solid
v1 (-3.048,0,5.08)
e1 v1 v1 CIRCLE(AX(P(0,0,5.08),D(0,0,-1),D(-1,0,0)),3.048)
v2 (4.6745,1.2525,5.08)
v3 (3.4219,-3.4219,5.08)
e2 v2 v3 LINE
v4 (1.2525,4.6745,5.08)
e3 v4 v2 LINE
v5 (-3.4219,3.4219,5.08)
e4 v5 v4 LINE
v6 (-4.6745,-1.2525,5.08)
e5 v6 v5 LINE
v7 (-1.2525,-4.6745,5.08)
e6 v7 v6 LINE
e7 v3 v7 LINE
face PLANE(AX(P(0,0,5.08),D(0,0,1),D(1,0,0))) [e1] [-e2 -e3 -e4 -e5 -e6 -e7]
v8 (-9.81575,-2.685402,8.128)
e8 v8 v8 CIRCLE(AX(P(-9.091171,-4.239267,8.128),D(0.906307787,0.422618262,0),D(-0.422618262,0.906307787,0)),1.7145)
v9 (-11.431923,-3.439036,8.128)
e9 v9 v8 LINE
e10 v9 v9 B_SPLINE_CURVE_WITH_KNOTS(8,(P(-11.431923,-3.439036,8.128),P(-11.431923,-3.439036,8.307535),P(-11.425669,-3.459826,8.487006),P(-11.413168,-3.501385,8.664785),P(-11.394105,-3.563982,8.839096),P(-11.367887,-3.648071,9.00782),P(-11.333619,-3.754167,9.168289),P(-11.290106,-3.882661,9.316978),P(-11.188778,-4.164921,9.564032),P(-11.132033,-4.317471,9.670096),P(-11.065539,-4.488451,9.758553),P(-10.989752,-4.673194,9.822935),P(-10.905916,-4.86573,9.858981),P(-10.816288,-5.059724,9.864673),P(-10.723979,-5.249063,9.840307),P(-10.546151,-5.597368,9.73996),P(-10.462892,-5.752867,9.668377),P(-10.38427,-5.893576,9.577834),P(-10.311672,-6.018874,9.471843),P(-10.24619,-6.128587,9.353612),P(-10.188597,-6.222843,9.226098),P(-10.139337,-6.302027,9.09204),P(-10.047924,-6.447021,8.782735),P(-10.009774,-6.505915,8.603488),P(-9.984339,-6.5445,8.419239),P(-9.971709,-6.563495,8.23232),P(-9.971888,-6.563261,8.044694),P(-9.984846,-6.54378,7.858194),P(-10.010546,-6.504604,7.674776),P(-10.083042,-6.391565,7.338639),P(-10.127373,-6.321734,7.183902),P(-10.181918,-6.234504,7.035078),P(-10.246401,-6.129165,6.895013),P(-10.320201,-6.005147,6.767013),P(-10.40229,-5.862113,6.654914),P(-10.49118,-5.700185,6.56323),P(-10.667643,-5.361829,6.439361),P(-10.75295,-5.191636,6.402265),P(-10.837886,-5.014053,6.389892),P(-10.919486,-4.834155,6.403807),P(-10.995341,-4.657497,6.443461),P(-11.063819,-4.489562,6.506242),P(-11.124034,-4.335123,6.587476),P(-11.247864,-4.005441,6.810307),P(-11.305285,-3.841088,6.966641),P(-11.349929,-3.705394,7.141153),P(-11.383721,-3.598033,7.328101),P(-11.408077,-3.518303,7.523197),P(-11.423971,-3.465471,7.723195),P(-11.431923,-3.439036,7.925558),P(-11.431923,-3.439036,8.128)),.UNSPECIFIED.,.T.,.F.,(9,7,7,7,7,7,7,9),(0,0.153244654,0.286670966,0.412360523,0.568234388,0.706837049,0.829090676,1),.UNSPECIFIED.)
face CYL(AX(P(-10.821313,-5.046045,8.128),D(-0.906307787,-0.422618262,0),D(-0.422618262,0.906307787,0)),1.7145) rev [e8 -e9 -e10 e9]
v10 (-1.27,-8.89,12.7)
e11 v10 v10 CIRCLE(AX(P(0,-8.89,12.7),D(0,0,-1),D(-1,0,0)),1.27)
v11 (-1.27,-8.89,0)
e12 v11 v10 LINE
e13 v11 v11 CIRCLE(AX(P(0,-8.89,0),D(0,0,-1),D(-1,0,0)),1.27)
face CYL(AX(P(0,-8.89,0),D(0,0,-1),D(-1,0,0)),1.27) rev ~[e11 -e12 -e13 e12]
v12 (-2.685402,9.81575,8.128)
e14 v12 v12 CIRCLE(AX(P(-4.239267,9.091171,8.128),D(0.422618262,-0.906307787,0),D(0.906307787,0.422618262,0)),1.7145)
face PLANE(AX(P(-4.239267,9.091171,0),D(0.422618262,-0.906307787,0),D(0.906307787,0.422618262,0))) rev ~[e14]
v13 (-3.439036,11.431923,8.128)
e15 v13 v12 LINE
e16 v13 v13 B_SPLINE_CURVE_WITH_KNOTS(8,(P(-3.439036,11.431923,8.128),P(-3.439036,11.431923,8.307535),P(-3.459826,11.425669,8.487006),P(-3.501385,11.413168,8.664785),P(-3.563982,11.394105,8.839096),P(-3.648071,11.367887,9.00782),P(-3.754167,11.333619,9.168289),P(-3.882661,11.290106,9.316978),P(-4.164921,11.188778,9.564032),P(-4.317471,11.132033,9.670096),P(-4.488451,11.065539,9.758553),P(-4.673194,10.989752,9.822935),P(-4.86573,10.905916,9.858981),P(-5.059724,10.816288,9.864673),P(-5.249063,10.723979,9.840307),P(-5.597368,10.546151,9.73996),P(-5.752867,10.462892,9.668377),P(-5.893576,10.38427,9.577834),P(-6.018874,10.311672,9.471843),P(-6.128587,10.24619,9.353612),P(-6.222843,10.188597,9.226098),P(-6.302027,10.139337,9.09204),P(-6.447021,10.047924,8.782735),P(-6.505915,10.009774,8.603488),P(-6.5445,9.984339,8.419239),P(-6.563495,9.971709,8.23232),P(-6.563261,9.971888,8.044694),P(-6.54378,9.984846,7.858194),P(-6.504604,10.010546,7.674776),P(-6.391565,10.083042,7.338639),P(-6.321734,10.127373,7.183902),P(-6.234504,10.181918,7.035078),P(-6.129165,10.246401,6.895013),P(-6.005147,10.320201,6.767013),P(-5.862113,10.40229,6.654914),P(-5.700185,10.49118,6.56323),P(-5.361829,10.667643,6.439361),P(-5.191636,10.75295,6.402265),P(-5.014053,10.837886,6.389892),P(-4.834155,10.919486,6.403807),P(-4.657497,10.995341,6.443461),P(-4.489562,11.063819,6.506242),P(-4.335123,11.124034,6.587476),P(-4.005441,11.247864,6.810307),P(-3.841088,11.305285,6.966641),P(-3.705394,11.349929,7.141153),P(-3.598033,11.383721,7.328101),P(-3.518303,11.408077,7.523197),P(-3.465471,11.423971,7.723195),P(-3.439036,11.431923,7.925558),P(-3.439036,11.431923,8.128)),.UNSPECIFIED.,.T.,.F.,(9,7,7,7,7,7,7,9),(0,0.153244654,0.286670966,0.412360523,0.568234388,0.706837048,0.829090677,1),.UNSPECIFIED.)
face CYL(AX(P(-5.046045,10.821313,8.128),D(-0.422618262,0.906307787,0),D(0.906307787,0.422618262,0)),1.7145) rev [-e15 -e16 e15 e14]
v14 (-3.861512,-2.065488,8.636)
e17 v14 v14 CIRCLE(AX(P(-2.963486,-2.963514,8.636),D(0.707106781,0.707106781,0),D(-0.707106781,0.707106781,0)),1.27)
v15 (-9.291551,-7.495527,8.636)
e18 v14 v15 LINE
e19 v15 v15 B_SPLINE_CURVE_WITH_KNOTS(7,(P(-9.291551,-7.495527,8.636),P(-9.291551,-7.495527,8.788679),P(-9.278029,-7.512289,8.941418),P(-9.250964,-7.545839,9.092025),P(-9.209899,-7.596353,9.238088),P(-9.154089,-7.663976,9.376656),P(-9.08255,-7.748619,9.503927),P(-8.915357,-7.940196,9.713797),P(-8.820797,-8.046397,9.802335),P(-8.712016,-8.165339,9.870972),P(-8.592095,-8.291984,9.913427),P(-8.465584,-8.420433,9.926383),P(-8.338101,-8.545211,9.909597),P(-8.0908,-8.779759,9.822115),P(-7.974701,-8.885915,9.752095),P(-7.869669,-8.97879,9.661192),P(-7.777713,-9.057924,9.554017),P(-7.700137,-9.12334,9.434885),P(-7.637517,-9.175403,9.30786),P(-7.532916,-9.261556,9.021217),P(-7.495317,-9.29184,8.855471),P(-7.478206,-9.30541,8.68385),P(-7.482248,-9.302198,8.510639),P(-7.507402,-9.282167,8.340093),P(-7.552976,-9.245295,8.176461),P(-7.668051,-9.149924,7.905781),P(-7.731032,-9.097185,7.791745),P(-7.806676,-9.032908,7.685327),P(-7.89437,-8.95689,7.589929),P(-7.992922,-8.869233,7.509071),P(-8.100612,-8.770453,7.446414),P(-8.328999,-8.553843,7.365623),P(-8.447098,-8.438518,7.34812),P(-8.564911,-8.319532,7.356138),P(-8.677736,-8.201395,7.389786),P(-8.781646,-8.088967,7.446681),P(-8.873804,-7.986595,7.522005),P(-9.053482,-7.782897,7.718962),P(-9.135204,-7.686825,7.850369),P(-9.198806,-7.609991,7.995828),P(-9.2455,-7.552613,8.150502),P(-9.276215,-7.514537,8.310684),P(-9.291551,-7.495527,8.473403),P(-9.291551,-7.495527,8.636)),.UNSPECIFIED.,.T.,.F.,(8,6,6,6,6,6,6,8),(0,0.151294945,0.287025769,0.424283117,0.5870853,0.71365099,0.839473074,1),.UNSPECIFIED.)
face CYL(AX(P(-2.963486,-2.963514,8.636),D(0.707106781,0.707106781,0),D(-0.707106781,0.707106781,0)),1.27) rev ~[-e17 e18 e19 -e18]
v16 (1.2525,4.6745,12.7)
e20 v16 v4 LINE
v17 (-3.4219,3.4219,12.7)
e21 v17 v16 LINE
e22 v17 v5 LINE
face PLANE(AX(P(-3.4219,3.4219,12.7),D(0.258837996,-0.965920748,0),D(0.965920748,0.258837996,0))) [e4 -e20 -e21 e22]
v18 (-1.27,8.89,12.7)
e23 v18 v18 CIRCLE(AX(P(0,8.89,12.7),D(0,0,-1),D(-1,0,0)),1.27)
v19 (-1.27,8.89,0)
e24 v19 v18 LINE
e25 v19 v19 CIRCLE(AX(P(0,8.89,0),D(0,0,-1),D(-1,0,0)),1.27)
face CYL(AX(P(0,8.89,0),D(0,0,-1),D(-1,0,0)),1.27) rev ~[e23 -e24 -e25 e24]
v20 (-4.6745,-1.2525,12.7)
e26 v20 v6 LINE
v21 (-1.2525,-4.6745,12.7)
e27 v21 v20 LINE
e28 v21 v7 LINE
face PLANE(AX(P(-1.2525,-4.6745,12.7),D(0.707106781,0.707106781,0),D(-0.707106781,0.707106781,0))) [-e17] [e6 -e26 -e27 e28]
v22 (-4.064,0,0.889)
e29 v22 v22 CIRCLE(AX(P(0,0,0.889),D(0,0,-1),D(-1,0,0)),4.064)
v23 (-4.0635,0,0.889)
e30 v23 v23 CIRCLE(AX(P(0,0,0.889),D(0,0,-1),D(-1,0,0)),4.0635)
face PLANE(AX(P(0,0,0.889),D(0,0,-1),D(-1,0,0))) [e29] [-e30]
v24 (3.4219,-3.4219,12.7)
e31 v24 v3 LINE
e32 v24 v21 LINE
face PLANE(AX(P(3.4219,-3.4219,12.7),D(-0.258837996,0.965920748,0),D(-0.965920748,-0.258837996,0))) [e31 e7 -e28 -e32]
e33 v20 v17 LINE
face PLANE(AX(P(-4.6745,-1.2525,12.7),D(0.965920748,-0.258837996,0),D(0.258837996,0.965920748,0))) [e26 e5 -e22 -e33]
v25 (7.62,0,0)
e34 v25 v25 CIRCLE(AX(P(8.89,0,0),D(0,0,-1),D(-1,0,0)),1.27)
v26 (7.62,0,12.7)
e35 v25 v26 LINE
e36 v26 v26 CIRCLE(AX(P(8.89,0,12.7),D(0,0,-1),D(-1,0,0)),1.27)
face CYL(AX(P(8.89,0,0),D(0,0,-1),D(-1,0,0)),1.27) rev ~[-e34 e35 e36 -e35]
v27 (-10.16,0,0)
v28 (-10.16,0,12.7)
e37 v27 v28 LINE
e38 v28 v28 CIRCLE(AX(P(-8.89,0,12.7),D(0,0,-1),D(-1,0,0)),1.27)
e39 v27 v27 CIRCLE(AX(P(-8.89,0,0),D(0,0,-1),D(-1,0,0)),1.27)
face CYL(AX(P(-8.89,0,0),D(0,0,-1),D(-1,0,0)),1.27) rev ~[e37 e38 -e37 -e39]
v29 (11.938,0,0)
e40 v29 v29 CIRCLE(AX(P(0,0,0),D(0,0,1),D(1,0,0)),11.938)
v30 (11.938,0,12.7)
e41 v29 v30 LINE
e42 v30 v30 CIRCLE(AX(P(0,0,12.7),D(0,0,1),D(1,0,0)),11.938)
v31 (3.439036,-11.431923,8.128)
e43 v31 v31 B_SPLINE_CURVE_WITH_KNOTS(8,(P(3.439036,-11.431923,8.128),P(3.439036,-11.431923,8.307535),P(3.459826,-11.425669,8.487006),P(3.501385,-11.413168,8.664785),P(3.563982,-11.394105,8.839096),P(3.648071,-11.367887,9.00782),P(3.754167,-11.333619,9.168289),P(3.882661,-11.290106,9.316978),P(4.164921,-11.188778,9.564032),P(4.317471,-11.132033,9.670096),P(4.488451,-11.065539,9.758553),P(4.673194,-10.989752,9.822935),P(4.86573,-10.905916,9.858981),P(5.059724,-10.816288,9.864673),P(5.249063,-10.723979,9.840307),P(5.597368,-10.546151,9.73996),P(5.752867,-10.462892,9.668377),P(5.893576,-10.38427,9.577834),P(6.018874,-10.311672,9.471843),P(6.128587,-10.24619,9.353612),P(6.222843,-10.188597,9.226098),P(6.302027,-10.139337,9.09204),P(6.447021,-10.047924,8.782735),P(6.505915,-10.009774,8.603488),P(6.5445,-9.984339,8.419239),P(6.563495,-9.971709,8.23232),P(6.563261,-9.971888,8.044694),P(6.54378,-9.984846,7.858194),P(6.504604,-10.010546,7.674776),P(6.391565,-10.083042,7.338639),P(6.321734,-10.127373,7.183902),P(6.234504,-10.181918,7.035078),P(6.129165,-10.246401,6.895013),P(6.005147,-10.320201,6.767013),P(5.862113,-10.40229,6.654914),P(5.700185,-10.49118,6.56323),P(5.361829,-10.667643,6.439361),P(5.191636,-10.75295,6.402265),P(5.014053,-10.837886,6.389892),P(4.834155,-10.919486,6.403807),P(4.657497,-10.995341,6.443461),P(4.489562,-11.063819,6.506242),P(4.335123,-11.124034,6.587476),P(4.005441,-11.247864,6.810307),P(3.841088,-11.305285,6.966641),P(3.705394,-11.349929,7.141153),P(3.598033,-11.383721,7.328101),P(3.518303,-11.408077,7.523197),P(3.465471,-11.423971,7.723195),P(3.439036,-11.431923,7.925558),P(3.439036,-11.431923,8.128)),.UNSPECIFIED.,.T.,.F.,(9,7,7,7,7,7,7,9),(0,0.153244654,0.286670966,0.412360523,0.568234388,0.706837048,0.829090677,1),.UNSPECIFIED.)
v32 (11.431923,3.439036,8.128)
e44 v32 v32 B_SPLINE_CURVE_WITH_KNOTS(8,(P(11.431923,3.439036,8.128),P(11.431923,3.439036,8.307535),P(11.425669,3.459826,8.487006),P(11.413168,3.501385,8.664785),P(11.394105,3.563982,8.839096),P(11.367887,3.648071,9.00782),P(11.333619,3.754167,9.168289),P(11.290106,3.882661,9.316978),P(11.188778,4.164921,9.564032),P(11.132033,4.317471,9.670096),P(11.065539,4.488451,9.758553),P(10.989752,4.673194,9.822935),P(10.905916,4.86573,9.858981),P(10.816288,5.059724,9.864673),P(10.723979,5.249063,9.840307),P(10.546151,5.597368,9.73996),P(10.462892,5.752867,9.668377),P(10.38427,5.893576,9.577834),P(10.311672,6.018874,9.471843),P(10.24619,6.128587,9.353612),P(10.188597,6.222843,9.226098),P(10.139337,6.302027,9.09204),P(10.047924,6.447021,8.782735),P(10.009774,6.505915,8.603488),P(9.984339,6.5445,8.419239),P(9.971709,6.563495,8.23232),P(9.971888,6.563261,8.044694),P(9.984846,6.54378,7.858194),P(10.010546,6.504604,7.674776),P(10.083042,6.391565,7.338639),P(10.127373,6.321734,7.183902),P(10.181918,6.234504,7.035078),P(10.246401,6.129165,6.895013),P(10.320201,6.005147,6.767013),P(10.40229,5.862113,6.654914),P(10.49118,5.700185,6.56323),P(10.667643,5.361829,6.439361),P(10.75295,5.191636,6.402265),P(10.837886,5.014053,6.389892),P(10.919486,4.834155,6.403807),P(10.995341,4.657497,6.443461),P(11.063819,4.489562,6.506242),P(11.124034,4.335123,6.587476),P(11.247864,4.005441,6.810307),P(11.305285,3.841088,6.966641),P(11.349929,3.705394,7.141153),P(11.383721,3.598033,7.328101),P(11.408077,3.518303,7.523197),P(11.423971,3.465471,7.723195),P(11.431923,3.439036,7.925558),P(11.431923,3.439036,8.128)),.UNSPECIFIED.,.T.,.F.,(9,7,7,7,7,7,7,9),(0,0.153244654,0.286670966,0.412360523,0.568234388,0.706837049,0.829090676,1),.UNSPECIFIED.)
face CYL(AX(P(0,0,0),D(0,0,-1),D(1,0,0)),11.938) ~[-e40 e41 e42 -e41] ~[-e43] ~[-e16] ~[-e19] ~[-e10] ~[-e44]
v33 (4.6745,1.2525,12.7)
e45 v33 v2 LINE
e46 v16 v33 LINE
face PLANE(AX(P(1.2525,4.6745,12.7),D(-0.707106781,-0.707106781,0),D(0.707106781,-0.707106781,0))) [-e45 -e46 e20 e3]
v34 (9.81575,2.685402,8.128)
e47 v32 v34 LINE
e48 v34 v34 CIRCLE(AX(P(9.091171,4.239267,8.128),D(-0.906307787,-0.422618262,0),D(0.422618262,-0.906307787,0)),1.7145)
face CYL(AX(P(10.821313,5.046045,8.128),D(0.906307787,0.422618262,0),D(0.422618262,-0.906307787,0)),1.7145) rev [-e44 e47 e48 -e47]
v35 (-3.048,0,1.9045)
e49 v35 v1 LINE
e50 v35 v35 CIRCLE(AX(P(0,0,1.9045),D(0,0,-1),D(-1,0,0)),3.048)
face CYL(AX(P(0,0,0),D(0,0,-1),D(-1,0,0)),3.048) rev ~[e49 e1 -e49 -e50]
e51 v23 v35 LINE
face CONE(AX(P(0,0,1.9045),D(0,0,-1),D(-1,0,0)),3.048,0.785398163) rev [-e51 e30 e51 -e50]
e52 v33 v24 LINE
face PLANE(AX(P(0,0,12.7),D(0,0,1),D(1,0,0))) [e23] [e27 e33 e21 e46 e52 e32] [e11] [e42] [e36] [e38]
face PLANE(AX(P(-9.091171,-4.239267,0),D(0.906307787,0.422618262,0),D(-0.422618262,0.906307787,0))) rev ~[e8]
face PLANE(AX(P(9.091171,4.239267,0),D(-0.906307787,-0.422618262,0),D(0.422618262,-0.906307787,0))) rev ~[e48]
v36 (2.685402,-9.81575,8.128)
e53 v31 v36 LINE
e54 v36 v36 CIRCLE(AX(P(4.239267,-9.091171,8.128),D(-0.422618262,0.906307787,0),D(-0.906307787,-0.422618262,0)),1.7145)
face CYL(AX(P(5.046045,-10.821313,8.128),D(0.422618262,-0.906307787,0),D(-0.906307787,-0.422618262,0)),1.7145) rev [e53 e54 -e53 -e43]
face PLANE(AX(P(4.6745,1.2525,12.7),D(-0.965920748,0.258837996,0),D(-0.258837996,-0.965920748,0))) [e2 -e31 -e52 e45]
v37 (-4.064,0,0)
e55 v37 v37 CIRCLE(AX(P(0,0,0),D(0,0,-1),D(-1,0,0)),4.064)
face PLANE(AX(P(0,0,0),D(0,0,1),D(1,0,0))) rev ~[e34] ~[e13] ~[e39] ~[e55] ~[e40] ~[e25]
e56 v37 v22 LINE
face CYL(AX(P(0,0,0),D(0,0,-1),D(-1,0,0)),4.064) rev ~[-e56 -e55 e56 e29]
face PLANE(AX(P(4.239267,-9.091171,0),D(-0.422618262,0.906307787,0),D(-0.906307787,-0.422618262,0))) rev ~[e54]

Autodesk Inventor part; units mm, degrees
ref_plane "XZ Plane" through (0, 0, 0) normal (0, 1, 0) x (-1, 0, 0)
ref_plane "XY Plane" through (0, 0, 0) normal (0, 0, 1) x (1, 0, 0)
sketch "Sketch1" plane through (0, 0, 0) normal (0, 0, 1) x (1, 0, 0)
  circle A0 centre (0, 0) radius 11.938
  dimension "d0" = 23.876
extrude "Extrusion1" add sketch "Sketch1" along normal blind 12.7
sketch "Sketch3" plane through (0, 0, 0) normal (0, 0, -1) x (-1, 0, 0)
  circle A0 centre (8.89, 0) radius 1.27
  circle A1 centre (0, 8.89) radius 1.27
  circle A2 centre (-8.89, 0) radius 1.27
  circle A3 centre (0, -8.89) radius 1.27
  point P0 (0, 0)
  dimension "d3" = 2.54
  dimension "d4" = 8.89
  dimension "d7" = 360
extrude "Extrusion2" cut sketch "Sketch3" against normal through all
sketch "Sketch4" plane through (0, 0, 12.7) normal (0, 0, 1) x (1, 0, 0)
  line L0 (4.6745, 1.2525) -> (3.4219, -3.4219)
  line L1 (3.4219, -3.4219) -> (-1.2525, -4.6745)
  line L2 (-1.2525, -4.6745) -> (-4.6745, -1.2525)
  line L3 (-4.6745, -1.2525) -> (-3.4219, 3.4219)
  line L4 (-3.4219, 3.4219) -> (1.2525, 4.6745)
  line L5 (1.2525, 4.6745) -> (4.6745, 1.2525)
  circle A0 centre (8.89, 0) radius 1.27 projected
  circle A1 centre (-8.89, 0) radius 1.27 projected
  circle A2 centre (0, 8.89) radius 1.27 projected
  circle A3 centre (0, -8.89) radius 1.27 projected
  circle A4 centre (0, 0) radius 11.938 projected
  line L6 (-2.9635, -2.9635) -> (-8.4414, -8.4414) construction
  circle A5 centre (0, 0) radius 11.938 construction
  line L7 (-8.89, 0) -> (-8.4414, -8.4414) construction
  line L8 (0, -8.89) -> (-8.4414, -8.4414) construction
  dimension "d11" = 8.382
extrude "Extrusion3" cut sketch "Sketch4" against normal blind 7.62 contours L0 L1 L2 L3 L4 L5
sketch "Sketch5" plane through (0, 0, 0) normal (0, 0, -1) x (-1, 0, 0)
  circle A0 centre (0, 0) radius 3.048
  dimension "d14" = 6.096
extrude "Extrusion4" cut sketch "Sketch5" against normal through all
sketch "Sketch7" plane through (-1.2525, -4.6745, 5.08) normal (0.7071, 0.7071, 0) x (-0.7071, 0.7071, 0)
  circle A0 centre (2.4197, 3.556) radius 1.27
  line L0 (14.3577, 7.62) -> (-9.5183, 7.62) projected
  line L1 (13.5978, 7.62) -> (13.5978, -5.08) construction
  line L2 (13.5978, -5.08) -> (-8.7585, -5.08) construction
  line L3 (-8.7585, -5.08) -> (-8.7585, 7.62) construction
  line L4 (-8.7585, 7.62) -> (0, 7.62) construction
  line L5 (0, 7.62) -> (4.8393, 7.62) construction
  line L6 (4.8393, 7.62) -> (13.5978, 7.62) construction
  line L7 (0, 7.62) -> (0, 0) construction
  line L8 (0, 0) -> (4.8393, 0) construction
  line L9 (4.8393, 0) -> (4.8393, 7.62) construction
  line L10 (13.5978, 7.62) -> (2.4197, 3.556) construction
  line L11 (2.4197, 3.556) -> (-8.7585, 7.62) construction
  point P0 (2.4197, -5.08)
  dimension "d22" = 4.064
  dimension "d39" = 2.54
extrude "Extrusion6" cut sketch "Sketch7" against normal through all
sketch "Sketch8" plane through (0, 0, 0) normal (0, 0, -1) x (-1, 0, 0)
  circle A0 centre (0, 0) radius 4.064
  dimension "d25" = 8.128
extrude "Extrusion7" cut sketch "Sketch8" against normal blind 0.889
chamfer "Chamfer1" distance 1.016 angle 45 1 edges at (3.048, 0, 0.889)
ref_plane "Work Plane2" through (-10.8195, -5.0452, 0) normal (0.9063, 0.4226, 0) x (-0.4226, 0.9063, 0)
ref_plane "Work Plane1" through (0, 0, 0) normal (0.9063, 0.4226, 0) x (0, 0, 1)
sketch "Sketch9" plane through (-10.8195, -5.0452, 0) normal (0.9063, 0.4226, 0) x (-0.4226, 0.9063, 0)
  circle A0 centre (0, 8.128) radius 1.7145
  line L0 (11.938, 12.7) -> (-11.938, 12.7) projected
  point P0 (0, 0)
  dimension "d32" = 3.429
  dimension "d33" = 4.572
extrude "Extrusion8" cut sketch "Sketch9" along normal blind 1.905
pattern_circular "Circular Pattern1" count 4 over 360 about axis through (0, 0, 0) along (0, 0, 1) of "Extrusion8"
properties part number "HexNutShaftServoCoupler" material "ABS Plastic"
